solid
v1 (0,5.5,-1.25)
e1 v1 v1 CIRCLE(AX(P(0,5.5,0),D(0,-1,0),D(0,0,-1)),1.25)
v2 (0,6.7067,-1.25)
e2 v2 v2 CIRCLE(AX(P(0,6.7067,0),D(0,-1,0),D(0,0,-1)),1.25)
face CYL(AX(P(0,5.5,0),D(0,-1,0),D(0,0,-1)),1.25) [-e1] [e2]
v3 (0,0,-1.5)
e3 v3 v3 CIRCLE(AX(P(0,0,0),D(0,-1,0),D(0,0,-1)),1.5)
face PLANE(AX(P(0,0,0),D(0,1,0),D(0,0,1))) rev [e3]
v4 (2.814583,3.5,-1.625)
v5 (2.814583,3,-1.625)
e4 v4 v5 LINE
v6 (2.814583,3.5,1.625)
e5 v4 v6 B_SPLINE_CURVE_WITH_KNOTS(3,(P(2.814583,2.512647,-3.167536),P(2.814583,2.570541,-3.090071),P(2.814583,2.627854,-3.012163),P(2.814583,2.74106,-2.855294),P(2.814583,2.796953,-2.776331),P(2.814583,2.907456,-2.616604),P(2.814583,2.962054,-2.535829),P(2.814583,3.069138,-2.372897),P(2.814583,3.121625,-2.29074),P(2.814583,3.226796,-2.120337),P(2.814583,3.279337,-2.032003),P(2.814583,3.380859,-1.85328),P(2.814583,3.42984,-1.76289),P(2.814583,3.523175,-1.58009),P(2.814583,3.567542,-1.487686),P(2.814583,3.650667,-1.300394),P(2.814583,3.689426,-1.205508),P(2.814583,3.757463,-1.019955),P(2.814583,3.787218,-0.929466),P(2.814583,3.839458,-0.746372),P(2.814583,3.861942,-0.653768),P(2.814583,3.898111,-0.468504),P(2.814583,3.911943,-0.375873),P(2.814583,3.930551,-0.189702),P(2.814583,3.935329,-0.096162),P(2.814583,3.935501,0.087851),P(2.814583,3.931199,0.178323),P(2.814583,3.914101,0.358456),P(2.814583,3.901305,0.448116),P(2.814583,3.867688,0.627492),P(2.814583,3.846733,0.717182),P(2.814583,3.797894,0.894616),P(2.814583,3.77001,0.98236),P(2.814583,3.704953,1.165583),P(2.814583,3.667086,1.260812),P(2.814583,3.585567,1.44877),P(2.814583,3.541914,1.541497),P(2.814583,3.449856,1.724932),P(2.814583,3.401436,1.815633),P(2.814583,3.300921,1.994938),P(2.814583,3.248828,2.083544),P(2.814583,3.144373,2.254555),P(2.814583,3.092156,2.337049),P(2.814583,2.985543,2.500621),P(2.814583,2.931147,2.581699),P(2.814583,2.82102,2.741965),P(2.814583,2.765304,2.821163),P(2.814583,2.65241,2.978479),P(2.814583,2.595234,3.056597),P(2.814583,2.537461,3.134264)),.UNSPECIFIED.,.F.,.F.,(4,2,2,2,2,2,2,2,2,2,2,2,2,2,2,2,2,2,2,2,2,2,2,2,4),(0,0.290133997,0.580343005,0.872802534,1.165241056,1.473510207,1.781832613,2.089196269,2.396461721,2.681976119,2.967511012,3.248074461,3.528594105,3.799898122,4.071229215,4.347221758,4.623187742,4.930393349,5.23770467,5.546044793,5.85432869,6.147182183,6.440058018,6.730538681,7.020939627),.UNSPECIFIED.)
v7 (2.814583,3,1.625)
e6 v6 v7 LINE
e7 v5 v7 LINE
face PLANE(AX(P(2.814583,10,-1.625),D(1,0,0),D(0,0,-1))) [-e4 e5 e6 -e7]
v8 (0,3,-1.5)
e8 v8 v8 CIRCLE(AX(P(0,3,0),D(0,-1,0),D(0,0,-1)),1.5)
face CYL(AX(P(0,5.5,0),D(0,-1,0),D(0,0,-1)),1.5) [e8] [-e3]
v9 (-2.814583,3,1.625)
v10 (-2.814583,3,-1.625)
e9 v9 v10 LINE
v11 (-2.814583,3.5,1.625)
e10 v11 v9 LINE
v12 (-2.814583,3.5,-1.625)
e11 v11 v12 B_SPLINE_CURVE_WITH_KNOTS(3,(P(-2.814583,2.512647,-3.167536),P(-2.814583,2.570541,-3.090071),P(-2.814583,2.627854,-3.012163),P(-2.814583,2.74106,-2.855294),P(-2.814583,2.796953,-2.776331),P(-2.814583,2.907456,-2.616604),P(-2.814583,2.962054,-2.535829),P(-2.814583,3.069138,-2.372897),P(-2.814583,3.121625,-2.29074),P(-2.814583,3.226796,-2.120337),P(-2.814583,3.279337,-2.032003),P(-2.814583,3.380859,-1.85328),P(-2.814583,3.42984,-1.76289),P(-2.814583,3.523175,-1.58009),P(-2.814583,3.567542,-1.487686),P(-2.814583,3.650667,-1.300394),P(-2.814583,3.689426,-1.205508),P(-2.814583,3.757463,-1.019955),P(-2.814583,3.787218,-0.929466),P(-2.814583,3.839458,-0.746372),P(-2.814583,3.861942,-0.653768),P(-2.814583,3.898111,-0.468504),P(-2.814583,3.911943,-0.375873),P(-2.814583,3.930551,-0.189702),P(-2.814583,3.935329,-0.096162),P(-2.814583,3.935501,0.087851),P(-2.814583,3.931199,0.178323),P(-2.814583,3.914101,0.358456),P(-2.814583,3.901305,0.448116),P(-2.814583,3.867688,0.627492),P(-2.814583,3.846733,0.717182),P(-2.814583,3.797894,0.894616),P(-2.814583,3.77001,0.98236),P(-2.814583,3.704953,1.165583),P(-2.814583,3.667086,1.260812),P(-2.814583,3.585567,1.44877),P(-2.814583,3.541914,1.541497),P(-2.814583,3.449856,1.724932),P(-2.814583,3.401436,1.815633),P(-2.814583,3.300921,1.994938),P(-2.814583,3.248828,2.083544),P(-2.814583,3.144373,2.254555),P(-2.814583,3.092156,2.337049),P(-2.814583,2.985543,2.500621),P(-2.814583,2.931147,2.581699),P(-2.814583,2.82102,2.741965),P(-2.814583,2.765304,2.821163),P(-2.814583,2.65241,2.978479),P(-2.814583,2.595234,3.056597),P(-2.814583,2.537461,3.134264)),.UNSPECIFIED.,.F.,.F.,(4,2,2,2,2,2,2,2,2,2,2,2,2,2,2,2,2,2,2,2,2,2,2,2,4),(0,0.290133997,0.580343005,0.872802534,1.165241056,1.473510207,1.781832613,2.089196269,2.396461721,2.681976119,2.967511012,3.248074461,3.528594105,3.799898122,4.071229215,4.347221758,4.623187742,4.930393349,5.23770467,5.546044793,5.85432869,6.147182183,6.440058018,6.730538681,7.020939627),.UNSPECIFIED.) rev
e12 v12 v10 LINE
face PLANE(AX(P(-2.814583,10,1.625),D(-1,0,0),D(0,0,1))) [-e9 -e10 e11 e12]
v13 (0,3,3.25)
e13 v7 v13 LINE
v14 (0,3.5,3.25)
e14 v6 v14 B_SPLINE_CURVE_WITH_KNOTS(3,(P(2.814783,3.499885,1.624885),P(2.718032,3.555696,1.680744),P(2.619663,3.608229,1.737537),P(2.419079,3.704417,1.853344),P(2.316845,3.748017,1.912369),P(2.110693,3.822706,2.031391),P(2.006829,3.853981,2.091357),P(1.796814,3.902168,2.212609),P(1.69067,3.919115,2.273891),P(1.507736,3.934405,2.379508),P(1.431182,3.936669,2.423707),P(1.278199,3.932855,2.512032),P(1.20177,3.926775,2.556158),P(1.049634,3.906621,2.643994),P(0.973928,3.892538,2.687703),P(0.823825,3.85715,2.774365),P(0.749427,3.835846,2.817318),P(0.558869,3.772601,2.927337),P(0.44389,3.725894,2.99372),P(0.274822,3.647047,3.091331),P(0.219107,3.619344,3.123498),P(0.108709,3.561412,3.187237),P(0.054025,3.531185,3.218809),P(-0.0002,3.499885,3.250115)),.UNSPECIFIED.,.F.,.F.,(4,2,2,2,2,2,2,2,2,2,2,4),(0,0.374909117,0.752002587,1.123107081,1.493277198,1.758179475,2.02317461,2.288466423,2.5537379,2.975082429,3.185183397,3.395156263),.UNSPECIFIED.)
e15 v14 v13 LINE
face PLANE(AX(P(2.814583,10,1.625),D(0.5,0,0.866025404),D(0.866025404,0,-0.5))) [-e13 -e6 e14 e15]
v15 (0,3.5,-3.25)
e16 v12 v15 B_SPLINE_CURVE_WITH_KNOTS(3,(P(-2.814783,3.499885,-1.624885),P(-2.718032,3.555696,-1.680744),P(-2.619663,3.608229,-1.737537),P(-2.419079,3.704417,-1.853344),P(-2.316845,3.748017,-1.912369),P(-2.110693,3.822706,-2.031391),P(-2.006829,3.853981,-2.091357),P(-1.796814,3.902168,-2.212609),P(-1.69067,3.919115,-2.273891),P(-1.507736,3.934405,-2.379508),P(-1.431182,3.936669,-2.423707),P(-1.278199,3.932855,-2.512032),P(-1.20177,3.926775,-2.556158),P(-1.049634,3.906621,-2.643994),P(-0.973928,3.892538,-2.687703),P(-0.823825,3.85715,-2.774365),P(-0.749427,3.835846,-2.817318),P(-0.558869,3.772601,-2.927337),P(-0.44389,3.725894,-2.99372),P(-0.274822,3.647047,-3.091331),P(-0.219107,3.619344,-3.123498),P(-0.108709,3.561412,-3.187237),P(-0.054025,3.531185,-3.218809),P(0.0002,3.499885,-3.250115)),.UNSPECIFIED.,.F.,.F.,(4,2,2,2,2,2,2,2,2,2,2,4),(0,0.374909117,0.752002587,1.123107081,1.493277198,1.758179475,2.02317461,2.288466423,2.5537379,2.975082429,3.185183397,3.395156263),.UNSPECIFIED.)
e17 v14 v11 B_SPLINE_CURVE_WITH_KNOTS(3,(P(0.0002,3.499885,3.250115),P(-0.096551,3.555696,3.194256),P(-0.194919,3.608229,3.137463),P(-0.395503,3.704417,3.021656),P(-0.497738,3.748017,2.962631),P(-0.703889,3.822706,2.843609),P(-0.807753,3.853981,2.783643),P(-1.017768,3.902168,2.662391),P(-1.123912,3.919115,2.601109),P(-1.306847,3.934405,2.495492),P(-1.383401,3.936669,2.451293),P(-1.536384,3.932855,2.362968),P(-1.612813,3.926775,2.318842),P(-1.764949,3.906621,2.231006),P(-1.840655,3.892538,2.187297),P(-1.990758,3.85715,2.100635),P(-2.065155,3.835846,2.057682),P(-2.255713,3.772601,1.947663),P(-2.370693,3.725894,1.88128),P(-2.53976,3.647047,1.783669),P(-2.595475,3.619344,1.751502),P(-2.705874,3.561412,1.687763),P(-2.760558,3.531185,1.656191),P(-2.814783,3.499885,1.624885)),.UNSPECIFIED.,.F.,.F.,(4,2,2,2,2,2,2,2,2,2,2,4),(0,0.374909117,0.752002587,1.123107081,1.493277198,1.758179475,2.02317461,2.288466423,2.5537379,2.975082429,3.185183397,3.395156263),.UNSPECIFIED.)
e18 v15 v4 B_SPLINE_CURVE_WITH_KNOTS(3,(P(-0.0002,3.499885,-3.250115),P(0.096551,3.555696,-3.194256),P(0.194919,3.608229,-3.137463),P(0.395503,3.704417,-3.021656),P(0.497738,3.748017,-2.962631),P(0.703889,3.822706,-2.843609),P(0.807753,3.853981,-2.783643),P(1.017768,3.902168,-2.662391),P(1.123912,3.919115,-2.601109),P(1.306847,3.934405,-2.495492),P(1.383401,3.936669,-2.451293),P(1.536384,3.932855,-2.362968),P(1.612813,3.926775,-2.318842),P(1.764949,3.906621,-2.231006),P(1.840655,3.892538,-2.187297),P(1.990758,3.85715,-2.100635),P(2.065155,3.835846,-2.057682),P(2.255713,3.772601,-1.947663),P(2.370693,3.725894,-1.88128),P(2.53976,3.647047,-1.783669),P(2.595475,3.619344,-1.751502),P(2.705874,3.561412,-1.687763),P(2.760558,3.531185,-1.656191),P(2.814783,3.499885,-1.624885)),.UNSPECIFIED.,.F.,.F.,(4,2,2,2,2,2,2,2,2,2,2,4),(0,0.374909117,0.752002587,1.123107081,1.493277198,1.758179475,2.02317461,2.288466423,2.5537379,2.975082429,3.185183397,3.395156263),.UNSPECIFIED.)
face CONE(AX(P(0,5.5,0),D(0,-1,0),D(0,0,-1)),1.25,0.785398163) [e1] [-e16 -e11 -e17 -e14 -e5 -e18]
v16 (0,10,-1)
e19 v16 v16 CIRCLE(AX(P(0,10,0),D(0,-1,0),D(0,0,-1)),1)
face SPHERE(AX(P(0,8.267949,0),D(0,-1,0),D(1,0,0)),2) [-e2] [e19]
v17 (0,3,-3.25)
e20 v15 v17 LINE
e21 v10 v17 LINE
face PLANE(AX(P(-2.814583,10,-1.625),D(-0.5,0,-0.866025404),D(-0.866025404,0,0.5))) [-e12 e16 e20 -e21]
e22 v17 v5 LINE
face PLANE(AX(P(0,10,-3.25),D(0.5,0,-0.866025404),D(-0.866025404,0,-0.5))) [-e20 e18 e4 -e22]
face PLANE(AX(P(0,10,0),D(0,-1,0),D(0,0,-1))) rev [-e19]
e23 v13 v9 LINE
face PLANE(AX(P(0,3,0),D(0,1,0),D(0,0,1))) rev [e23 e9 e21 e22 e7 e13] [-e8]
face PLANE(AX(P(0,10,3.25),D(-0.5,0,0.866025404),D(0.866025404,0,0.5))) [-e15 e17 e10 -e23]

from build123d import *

# Parameters (mm, degrees)
SKETCH3_OUTSIDE_W  = 11.216
SKETCH3_OUTSIDE_H  = 11.216
CUT_EXTRUDE1_DEPTH = 8


with BuildPart() as part:
    # Sketch1 → Revolve3 (revolve)
    with BuildSketch(Plane.XY):
        with BuildLine():
            ThreePointArc((1, 10), (1.994262201, 8.419337011), (1.25, 6.706699693))
            Line((1.25, 6.706699693), (1.25, 5.5))
            Line((1.25, 5.5), (0, 5.5))
            Line((0, 5.5), (0, 10))
            Line((0, 10), (1, 10))
        make_face()
        Polygon((0, 0), (0, 5.5), (1.25, 5.5), (3.25, 3.5), (3.25, 3), (1.5, 3), (1.5, 0), align=None)
    revolve(axis=Axis((0, 5.5, 0), (0, 1, 0)))

    # Sketch3 outside → Cut-Extrude1 (cut, through all)
    with BuildSketch(Plane.XZ.offset(-3)):
        Rectangle(SKETCH3_OUTSIDE_W, SKETCH3_OUTSIDE_H)
        Polygon((0, 3.25), (-2.814582562, 1.625), (-2.814582562, -1.625), (0, -3.25), (2.814582562, -1.625), (2.814582562, 1.625), align=None, mode=Mode.SUBTRACT)
    extrude(amount=-CUT_EXTRUDE1_DEPTH, mode=Mode.SUBTRACT)


solid = part.part
